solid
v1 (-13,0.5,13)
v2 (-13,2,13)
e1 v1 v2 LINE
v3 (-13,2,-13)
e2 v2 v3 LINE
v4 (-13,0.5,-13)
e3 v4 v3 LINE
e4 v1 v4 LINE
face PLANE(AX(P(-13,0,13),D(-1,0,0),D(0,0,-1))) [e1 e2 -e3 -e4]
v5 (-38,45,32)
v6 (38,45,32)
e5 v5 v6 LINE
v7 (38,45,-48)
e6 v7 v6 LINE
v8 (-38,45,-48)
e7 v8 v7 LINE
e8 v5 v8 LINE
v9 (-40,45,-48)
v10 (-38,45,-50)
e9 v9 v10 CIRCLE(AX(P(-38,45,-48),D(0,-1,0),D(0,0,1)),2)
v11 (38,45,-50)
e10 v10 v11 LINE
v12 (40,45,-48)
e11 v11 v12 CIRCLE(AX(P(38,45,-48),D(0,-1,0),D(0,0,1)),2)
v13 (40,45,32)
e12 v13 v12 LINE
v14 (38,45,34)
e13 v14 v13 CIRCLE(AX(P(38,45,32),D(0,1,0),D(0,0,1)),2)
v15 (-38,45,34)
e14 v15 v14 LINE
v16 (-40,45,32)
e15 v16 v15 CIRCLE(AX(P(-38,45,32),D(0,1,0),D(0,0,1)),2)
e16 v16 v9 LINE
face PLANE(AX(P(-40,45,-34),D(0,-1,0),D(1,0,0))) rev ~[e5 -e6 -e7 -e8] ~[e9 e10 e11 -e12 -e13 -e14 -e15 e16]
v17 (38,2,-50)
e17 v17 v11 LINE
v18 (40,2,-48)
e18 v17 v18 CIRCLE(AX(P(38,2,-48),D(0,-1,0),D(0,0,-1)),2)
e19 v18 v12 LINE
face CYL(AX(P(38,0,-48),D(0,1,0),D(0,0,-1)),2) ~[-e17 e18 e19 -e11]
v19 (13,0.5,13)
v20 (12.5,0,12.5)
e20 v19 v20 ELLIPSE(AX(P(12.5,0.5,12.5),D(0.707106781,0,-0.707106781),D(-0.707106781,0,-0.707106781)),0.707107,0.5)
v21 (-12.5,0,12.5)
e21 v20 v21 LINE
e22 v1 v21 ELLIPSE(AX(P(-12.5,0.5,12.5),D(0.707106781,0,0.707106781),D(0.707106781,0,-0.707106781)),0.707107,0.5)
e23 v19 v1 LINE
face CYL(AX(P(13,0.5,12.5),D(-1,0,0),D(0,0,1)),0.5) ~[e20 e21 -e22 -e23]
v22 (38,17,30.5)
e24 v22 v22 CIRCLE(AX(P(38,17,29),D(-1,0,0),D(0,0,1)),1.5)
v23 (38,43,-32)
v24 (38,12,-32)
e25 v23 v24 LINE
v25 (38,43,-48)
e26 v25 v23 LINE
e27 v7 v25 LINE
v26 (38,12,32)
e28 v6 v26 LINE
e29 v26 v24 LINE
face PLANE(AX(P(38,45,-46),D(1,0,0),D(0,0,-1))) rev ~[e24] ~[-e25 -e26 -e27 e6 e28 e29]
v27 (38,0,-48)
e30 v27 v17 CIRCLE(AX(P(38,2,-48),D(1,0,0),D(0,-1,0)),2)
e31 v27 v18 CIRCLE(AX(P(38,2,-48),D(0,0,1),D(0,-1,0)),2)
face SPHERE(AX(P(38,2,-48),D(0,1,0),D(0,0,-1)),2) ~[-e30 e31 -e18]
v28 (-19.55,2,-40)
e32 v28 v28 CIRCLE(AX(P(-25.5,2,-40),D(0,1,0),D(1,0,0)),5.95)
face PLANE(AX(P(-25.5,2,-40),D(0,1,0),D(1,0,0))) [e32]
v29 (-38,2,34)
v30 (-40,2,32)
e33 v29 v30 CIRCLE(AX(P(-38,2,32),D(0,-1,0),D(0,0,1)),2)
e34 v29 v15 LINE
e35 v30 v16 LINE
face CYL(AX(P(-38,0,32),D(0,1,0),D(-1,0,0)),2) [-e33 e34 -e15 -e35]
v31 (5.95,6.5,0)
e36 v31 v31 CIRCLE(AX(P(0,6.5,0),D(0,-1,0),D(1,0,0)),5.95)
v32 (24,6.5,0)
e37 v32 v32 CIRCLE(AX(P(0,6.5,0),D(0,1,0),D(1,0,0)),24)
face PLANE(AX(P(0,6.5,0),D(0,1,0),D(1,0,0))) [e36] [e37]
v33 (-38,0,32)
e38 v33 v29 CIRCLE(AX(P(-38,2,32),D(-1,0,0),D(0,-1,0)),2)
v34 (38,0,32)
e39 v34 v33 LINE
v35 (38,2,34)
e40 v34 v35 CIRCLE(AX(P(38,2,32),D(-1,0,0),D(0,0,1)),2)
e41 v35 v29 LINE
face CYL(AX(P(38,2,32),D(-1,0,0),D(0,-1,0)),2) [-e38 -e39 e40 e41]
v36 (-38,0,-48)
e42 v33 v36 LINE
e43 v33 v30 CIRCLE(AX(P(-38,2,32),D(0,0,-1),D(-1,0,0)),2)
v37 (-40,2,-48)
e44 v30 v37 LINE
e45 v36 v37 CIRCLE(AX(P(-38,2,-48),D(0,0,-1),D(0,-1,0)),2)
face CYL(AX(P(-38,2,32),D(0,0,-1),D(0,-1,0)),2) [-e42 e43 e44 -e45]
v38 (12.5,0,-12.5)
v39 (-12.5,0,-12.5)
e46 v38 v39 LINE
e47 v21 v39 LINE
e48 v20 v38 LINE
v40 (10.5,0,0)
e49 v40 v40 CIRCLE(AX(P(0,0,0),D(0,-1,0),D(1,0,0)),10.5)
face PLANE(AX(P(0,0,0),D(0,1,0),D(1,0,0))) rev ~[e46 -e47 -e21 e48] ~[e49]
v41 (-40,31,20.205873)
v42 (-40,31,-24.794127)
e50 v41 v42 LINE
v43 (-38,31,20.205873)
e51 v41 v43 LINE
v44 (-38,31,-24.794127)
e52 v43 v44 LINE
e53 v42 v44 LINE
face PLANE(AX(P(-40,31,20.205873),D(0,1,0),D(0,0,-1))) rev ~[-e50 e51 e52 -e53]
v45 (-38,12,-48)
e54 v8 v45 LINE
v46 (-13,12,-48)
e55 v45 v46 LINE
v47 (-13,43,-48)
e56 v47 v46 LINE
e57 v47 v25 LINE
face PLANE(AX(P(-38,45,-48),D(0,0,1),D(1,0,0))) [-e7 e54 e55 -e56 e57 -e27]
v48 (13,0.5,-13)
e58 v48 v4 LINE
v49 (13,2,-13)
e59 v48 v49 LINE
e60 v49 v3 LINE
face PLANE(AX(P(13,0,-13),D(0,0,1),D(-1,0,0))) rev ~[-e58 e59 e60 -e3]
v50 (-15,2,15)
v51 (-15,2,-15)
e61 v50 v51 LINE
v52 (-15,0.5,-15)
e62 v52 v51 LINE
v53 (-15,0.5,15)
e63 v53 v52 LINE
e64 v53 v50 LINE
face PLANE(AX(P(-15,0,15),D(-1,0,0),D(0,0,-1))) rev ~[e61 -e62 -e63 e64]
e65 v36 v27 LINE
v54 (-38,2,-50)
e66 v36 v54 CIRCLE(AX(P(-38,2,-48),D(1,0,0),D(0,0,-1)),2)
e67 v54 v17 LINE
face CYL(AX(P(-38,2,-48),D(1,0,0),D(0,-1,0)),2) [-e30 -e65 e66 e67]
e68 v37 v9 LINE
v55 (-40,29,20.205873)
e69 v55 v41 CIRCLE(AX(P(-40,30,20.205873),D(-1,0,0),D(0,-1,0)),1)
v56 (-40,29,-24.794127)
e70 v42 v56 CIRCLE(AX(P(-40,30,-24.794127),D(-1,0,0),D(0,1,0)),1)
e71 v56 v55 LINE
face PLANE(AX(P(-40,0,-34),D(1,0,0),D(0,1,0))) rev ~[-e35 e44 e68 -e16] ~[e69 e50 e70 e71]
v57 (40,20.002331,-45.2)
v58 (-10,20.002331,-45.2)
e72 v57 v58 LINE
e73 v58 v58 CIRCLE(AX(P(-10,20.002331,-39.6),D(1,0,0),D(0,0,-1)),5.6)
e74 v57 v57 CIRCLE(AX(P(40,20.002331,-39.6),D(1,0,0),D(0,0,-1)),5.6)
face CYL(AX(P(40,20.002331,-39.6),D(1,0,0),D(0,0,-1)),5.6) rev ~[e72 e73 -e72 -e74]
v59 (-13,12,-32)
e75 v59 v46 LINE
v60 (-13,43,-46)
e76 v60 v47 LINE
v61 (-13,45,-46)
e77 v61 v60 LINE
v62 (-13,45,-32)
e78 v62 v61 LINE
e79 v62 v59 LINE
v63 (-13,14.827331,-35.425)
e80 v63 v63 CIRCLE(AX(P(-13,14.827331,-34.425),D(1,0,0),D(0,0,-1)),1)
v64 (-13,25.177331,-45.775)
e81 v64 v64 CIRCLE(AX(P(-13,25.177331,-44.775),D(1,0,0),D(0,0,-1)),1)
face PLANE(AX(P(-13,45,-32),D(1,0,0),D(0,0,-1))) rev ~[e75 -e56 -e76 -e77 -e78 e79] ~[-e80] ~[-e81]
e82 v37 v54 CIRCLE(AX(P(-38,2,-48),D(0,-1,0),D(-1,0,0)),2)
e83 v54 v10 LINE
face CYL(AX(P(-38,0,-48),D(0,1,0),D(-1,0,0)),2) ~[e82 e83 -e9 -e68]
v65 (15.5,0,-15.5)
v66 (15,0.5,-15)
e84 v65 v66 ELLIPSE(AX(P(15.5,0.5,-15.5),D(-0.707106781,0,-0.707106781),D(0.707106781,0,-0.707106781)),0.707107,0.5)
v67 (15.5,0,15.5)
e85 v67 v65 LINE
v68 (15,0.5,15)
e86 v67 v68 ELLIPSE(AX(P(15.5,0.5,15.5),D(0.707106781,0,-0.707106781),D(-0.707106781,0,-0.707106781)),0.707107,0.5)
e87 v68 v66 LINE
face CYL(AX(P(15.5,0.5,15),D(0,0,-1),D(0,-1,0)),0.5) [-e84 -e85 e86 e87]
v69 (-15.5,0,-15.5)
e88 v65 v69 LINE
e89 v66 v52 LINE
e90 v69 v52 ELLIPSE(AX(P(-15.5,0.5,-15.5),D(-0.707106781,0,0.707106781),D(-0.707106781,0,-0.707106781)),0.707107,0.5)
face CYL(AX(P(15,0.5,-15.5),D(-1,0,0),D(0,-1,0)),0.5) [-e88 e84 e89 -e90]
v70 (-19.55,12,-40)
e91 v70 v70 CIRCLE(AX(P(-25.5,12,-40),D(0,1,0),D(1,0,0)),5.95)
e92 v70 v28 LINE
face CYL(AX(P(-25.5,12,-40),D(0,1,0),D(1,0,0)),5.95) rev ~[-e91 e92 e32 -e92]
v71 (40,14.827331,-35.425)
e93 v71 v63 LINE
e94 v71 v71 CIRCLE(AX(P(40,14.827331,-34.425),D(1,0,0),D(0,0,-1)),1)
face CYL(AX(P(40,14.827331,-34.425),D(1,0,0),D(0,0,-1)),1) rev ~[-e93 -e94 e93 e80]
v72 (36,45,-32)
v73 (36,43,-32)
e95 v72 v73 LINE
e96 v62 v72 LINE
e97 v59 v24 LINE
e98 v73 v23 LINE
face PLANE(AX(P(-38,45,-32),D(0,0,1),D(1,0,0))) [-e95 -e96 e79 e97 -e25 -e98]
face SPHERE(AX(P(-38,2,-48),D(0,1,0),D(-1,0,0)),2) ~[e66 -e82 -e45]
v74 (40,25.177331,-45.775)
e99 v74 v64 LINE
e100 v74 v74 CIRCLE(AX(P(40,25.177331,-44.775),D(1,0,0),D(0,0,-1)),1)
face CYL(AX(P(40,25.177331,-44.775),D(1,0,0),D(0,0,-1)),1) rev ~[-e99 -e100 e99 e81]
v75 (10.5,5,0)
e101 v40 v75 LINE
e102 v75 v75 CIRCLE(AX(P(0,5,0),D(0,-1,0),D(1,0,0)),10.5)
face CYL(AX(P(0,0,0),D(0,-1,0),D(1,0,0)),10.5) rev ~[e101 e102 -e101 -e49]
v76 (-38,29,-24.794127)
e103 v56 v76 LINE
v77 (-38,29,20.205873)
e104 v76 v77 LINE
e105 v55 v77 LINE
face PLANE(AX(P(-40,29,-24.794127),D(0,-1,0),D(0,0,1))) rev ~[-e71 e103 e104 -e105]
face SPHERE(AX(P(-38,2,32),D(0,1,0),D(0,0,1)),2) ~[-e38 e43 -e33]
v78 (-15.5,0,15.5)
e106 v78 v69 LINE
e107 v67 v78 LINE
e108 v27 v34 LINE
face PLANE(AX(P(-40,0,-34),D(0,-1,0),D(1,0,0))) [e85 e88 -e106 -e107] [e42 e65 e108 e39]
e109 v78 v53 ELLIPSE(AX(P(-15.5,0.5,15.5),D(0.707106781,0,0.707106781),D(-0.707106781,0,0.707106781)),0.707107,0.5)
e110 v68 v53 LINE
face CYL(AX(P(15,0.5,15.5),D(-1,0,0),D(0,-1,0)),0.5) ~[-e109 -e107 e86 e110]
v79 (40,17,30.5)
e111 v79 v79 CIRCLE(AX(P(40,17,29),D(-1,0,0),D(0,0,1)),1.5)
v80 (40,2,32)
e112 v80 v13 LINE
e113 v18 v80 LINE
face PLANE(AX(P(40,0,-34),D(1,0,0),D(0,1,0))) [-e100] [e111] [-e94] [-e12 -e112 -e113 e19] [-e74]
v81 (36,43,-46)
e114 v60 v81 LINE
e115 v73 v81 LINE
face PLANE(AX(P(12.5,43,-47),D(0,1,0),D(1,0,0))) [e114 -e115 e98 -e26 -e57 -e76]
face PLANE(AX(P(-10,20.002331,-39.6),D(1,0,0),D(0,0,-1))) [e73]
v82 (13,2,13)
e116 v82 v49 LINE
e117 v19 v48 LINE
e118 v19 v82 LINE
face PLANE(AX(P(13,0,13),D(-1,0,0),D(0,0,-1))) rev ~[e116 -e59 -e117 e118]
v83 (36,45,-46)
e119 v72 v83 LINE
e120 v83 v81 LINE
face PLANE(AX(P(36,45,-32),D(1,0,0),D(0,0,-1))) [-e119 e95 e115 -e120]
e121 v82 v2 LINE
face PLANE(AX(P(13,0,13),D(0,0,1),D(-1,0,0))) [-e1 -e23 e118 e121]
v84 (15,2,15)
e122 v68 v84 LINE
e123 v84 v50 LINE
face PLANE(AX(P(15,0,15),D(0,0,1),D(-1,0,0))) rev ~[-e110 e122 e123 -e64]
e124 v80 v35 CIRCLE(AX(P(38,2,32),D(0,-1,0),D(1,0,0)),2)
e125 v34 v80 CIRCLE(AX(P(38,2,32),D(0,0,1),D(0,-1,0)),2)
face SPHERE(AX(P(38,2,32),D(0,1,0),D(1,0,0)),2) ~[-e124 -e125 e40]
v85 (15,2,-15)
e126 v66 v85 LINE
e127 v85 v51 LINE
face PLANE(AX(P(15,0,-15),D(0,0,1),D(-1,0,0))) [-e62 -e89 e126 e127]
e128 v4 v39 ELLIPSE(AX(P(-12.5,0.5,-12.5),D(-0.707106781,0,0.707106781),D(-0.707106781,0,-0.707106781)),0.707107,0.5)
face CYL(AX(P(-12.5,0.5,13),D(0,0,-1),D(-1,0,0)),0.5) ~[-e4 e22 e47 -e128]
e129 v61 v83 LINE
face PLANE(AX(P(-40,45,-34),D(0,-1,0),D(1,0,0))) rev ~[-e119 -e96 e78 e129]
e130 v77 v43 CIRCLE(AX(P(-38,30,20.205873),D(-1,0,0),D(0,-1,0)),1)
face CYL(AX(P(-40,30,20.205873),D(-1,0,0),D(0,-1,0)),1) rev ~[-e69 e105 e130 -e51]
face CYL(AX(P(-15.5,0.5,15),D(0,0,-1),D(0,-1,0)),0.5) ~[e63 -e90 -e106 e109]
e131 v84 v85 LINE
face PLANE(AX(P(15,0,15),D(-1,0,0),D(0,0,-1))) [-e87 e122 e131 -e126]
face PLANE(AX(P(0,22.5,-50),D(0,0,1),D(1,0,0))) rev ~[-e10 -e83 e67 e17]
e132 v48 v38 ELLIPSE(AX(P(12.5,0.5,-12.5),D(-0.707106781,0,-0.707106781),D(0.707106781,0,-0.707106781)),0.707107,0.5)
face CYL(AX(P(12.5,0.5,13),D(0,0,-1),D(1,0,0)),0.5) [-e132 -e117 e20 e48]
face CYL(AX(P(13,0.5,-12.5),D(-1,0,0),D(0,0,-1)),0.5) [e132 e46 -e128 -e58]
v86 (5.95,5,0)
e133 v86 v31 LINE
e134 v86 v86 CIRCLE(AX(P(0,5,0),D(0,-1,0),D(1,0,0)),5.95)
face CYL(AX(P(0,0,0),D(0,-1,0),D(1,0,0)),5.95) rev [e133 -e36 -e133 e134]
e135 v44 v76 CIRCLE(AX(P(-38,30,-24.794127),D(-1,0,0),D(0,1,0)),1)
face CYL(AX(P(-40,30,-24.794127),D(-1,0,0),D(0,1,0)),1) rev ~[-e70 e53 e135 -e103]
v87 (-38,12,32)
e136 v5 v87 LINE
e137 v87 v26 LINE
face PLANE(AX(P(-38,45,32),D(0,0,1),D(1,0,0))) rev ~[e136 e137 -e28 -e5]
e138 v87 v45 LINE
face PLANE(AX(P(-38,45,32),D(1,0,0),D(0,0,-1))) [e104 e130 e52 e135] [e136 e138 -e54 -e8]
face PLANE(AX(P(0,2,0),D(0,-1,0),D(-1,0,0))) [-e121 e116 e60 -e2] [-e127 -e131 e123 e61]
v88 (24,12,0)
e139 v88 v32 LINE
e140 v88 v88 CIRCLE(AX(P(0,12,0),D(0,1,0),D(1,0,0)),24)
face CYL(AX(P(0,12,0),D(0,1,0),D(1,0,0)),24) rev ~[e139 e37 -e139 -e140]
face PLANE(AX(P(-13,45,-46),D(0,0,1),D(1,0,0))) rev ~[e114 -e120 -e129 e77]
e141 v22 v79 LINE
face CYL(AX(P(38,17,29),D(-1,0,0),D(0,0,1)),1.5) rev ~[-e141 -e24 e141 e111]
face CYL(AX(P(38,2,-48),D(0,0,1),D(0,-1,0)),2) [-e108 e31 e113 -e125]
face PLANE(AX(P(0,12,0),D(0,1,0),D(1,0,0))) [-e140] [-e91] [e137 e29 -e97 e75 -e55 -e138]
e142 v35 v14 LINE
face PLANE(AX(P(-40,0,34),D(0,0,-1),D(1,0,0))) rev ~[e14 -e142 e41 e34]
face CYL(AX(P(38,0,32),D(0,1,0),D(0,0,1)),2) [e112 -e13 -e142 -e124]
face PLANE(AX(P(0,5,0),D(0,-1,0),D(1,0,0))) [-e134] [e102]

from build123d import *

# Parameters (mm, degrees)
SKETCH1_W           = 80
SKETCH1_H           = 68
BOSS_EXTRUDE1_DEPTH = 45
CUT_EXTRUDE1_START  = 45
SKETCH2_W           = 76
SKETCH2_H           = 64
CUT_EXTRUDE1_DEPTH  = 33
SKETCH6_R           = 10.5
CUT_EXTRUDE10_DEPTH = 5
SKETCH7_W           = 30
SKETCH7_H           = 30
SKETCH7_W_2         = 26
SKETCH7_H_2         = 26
CUT_EXTRUDE11_DEPTH = 2
SKETCH8_R           = 1.5
CUT_EXTRUDE12_DEPTH = 3
SKETCH5_R           = 5.95
CUT_EXTRUDE14_DEPTH = 46
FILLET1_R           = 0.5
CUT_EXTRUDE15_START = 12
SKETCH12_R          = 24
CUT_EXTRUDE15_DEPTH = 5.5
BOSS_EXTRUDE5_START = -34
SKETCH13_W          = 80
SKETCH13_H          = 45
BOSS_EXTRUDE5_DEPTH = 16
CUT_EXTRUDE16_START = 45
SKETCH15_W          = 25
SKETCH15_H          = 16
CUT_EXTRUDE16_DEPTH = 33
SKETCH16_R          = 5.95
CUT_EXTRUDE17_DEPTH = 10
CUT_EXTRUDE18_START = 40
SKETCH17_R          = 5.6
CUT_EXTRUDE18_DEPTH = 50
CUT_EXTRUDE19_START = 40
SKETCH20_R          = 1
CUT_EXTRUDE19_DEPTH = 53
FILLET3_R           = 2
FILLET4_R           = 2
CUT_EXTRUDE20_START = 45
SKETCH21_W          = 51
SKETCH21_H          = 2
CUT_EXTRUDE20_DEPTH = 2
CUT_EXTRUDE22_START = 45
SKETCH22_W          = 2
SKETCH22_H          = 14
CUT_EXTRUDE22_DEPTH = 2
CUT_EXTRUDE23_START = -40
CUT_EXTRUDE23_DEPTH = 2


with BuildPart() as part:
    # Sketch1 → Boss-Extrude1 (new body)
    with BuildSketch(Plane(origin=(0, 0, 0), x_dir=(1, 0, 0), z_dir=(0, 1, 0))):
        Rectangle(SKETCH1_W, SKETCH1_H)
    extrude(amount=BOSS_EXTRUDE1_DEPTH)

    # Sketch2 → Cut-Extrude1 (cut)
    with BuildSketch(Plane(origin=(0, 0, 0), x_dir=(1, 0, 0), z_dir=(0, 1, 0)).offset(CUT_EXTRUDE1_START)):
        Rectangle(SKETCH2_W, SKETCH2_H)
    extrude(amount=-CUT_EXTRUDE1_DEPTH, mode=Mode.SUBTRACT)

    # Sketch6 → Cut-Extrude10 (cut)
    with BuildSketch(Plane.XZ):
        Circle(SKETCH6_R)
    extrude(amount=-CUT_EXTRUDE10_DEPTH, mode=Mode.SUBTRACT)

    # Sketch7 → Cut-Extrude11 (cut)
    with BuildSketch(Plane(origin=(0, 0, 0), x_dir=(-1, 0, 0), z_dir=(0, -1, 0))):
        Rectangle(SKETCH7_W, SKETCH7_H)
        Rectangle(SKETCH7_W_2, SKETCH7_H_2, mode=Mode.SUBTRACT)
    extrude(amount=-CUT_EXTRUDE11_DEPTH, mode=Mode.SUBTRACT)

    # Sketch8 → Cut-Extrude12 (cut, through all)
    with BuildSketch(Plane.ZY.offset(-38)):
        with Locations((29, 17)):
            Circle(SKETCH8_R)
    extrude(amount=-CUT_EXTRUDE12_DEPTH, mode=Mode.SUBTRACT)

    # Sketch5 → Cut-Extrude14 (cut, through all)
    with BuildSketch(Plane(origin=(0, 0, 0), x_dir=(1, 0, 0), z_dir=(0, 1, 0))):
        Circle(SKETCH5_R)
    extrude(amount=CUT_EXTRUDE14_DEPTH, mode=Mode.SUBTRACT)

    # Fillet1
    fillet1_edges = [part.edges().sort_by_distance(p)[0] for p in [
        (15, 0, 0),
        (0, 0, 15),
        (-15, 0, 0),
        (0, 0, -15),
        (13, 0, 0),
        (0, 0, -13),
        (-13, 0, 0),
        (0, 0, 13),
    ]]
    fillet(fillet1_edges, radius=FILLET1_R)

    # Sketch12 → Cut-Extrude15 (cut)
    with BuildSketch(Plane(origin=(0, 0, 0), x_dir=(1, 0, 0), z_dir=(0, 1, 0)).offset(CUT_EXTRUDE15_START)):
        Circle(SKETCH12_R)
    extrude(amount=-CUT_EXTRUDE15_DEPTH, mode=Mode.SUBTRACT)

    # Sketch13 → Boss-Extrude5 (add)
    with BuildSketch(Plane.XY.offset(BOSS_EXTRUDE5_START)):
        with Locations((0, 22.5)):
            Rectangle(SKETCH13_W, SKETCH13_H)
    extrude(amount=-BOSS_EXTRUDE5_DEPTH)

    # Sketch15 → Cut-Extrude16 (cut)
    with BuildSketch(Plane(origin=(0, 0, 0), x_dir=(1, 0, 0), z_dir=(0, 1, 0)).offset(CUT_EXTRUDE16_START)):
        with Locations((-25.5, 40)):
            Rectangle(SKETCH15_W, SKETCH15_H)
    extrude(amount=-CUT_EXTRUDE16_DEPTH, mode=Mode.SUBTRACT)

    # Sketch16 → Cut-Extrude17 (cut)
    with BuildSketch(Plane(origin=(0, 12, 0), x_dir=(1, 0, 0), z_dir=(0, 1, 0))):
        with Locations((-25.5, 40)):
            Circle(SKETCH16_R)
    extrude(amount=-CUT_EXTRUDE17_DEPTH, mode=Mode.SUBTRACT)

    # Sketch17 → Cut-Extrude18 (cut)
    with BuildSketch(Plane(origin=(0, 0, 0), x_dir=(0, 0, -1), z_dir=(1, 0, 0)).offset(CUT_EXTRUDE18_START)):
        with Locations((39.6, 20.00233054)):
            Circle(SKETCH17_R)
    extrude(amount=-CUT_EXTRUDE18_DEPTH, mode=Mode.SUBTRACT)

    # Sketch20 → Cut-Extrude19 (cut)
    with BuildSketch(Plane(origin=(0, 0, 0), x_dir=(0, 0, -1), z_dir=(1, 0, 0)).offset(CUT_EXTRUDE19_START)):
        with Locations((44.775, 25.17733054)):
            Circle(SKETCH20_R)
        with Locations((34.425, 14.82733054)):
            Circle(SKETCH20_R)
    extrude(amount=-CUT_EXTRUDE19_DEPTH, mode=Mode.SUBTRACT)

    # Fillet3
    fillet3_edges = [part.edges().sort_by_distance(p)[0] for p in [
        (-40, 22.5, -50),
        (40, 22.5, 34),
        (-40, 22.5, 34),
        (40, 22.5, -50),
    ]]
    fillet(fillet3_edges, radius=FILLET3_R)

    # Fillet4
    fillet4_edges = [part.edges().sort_by_distance(p)[0] for p in [
        (40, 0, -8),
        (0, 0, 34),
        (-40, 0, -8),
        (0, 0, -50),
        (-39.414213562, 0, 33.414213562),
        (-39.414213562, 0, -49.414213562),
        (39.414213562, 0, -49.414213562),
        (39.414213562, 0, 33.414213562),
    ]]
    fillet(fillet4_edges, radius=FILLET4_R)

    # Sketch21 → Cut-Extrude20 (cut)
    with BuildSketch(Plane(origin=(0, 0, 0), x_dir=(1, 0, 0), z_dir=(0, 1, 0)).offset(CUT_EXTRUDE20_START)):
        with Locations((12.5, 47)):
            Rectangle(SKETCH21_W, SKETCH21_H)
    extrude(amount=-CUT_EXTRUDE20_DEPTH, mode=Mode.SUBTRACT)

    # Sketch22 → Cut-Extrude22 (cut)
    with BuildSketch(Plane(origin=(0, 0, 0), x_dir=(1, 0, 0), z_dir=(0, 1, 0)).offset(CUT_EXTRUDE22_START)):
        with Locations((37, 39)):
            Rectangle(SKETCH22_W, SKETCH22_H)
    extrude(amount=-CUT_EXTRUDE22_DEPTH, mode=Mode.SUBTRACT)

    # Sketch23 → Cut-Extrude23 (cut)
    with BuildSketch(Plane(origin=(0, 0, 0), x_dir=(0, 0, -1), z_dir=(1, 0, 0)).offset(CUT_EXTRUDE23_START)):
        with BuildLine():
            Line((-20.205872853, 31), (24.794127147, 31))
            ThreePointArc((24.794127147, 31), (25.794127147, 30), (24.794127147, 29))
            Line((24.794127147, 29), (-20.205872853, 29))
            ThreePointArc((-20.205872853, 29), (-21.205872853, 30), (-20.205872853, 31))
        make_face()
    extrude(amount=CUT_EXTRUDE23_DEPTH, mode=Mode.SUBTRACT)


solid = part.part
